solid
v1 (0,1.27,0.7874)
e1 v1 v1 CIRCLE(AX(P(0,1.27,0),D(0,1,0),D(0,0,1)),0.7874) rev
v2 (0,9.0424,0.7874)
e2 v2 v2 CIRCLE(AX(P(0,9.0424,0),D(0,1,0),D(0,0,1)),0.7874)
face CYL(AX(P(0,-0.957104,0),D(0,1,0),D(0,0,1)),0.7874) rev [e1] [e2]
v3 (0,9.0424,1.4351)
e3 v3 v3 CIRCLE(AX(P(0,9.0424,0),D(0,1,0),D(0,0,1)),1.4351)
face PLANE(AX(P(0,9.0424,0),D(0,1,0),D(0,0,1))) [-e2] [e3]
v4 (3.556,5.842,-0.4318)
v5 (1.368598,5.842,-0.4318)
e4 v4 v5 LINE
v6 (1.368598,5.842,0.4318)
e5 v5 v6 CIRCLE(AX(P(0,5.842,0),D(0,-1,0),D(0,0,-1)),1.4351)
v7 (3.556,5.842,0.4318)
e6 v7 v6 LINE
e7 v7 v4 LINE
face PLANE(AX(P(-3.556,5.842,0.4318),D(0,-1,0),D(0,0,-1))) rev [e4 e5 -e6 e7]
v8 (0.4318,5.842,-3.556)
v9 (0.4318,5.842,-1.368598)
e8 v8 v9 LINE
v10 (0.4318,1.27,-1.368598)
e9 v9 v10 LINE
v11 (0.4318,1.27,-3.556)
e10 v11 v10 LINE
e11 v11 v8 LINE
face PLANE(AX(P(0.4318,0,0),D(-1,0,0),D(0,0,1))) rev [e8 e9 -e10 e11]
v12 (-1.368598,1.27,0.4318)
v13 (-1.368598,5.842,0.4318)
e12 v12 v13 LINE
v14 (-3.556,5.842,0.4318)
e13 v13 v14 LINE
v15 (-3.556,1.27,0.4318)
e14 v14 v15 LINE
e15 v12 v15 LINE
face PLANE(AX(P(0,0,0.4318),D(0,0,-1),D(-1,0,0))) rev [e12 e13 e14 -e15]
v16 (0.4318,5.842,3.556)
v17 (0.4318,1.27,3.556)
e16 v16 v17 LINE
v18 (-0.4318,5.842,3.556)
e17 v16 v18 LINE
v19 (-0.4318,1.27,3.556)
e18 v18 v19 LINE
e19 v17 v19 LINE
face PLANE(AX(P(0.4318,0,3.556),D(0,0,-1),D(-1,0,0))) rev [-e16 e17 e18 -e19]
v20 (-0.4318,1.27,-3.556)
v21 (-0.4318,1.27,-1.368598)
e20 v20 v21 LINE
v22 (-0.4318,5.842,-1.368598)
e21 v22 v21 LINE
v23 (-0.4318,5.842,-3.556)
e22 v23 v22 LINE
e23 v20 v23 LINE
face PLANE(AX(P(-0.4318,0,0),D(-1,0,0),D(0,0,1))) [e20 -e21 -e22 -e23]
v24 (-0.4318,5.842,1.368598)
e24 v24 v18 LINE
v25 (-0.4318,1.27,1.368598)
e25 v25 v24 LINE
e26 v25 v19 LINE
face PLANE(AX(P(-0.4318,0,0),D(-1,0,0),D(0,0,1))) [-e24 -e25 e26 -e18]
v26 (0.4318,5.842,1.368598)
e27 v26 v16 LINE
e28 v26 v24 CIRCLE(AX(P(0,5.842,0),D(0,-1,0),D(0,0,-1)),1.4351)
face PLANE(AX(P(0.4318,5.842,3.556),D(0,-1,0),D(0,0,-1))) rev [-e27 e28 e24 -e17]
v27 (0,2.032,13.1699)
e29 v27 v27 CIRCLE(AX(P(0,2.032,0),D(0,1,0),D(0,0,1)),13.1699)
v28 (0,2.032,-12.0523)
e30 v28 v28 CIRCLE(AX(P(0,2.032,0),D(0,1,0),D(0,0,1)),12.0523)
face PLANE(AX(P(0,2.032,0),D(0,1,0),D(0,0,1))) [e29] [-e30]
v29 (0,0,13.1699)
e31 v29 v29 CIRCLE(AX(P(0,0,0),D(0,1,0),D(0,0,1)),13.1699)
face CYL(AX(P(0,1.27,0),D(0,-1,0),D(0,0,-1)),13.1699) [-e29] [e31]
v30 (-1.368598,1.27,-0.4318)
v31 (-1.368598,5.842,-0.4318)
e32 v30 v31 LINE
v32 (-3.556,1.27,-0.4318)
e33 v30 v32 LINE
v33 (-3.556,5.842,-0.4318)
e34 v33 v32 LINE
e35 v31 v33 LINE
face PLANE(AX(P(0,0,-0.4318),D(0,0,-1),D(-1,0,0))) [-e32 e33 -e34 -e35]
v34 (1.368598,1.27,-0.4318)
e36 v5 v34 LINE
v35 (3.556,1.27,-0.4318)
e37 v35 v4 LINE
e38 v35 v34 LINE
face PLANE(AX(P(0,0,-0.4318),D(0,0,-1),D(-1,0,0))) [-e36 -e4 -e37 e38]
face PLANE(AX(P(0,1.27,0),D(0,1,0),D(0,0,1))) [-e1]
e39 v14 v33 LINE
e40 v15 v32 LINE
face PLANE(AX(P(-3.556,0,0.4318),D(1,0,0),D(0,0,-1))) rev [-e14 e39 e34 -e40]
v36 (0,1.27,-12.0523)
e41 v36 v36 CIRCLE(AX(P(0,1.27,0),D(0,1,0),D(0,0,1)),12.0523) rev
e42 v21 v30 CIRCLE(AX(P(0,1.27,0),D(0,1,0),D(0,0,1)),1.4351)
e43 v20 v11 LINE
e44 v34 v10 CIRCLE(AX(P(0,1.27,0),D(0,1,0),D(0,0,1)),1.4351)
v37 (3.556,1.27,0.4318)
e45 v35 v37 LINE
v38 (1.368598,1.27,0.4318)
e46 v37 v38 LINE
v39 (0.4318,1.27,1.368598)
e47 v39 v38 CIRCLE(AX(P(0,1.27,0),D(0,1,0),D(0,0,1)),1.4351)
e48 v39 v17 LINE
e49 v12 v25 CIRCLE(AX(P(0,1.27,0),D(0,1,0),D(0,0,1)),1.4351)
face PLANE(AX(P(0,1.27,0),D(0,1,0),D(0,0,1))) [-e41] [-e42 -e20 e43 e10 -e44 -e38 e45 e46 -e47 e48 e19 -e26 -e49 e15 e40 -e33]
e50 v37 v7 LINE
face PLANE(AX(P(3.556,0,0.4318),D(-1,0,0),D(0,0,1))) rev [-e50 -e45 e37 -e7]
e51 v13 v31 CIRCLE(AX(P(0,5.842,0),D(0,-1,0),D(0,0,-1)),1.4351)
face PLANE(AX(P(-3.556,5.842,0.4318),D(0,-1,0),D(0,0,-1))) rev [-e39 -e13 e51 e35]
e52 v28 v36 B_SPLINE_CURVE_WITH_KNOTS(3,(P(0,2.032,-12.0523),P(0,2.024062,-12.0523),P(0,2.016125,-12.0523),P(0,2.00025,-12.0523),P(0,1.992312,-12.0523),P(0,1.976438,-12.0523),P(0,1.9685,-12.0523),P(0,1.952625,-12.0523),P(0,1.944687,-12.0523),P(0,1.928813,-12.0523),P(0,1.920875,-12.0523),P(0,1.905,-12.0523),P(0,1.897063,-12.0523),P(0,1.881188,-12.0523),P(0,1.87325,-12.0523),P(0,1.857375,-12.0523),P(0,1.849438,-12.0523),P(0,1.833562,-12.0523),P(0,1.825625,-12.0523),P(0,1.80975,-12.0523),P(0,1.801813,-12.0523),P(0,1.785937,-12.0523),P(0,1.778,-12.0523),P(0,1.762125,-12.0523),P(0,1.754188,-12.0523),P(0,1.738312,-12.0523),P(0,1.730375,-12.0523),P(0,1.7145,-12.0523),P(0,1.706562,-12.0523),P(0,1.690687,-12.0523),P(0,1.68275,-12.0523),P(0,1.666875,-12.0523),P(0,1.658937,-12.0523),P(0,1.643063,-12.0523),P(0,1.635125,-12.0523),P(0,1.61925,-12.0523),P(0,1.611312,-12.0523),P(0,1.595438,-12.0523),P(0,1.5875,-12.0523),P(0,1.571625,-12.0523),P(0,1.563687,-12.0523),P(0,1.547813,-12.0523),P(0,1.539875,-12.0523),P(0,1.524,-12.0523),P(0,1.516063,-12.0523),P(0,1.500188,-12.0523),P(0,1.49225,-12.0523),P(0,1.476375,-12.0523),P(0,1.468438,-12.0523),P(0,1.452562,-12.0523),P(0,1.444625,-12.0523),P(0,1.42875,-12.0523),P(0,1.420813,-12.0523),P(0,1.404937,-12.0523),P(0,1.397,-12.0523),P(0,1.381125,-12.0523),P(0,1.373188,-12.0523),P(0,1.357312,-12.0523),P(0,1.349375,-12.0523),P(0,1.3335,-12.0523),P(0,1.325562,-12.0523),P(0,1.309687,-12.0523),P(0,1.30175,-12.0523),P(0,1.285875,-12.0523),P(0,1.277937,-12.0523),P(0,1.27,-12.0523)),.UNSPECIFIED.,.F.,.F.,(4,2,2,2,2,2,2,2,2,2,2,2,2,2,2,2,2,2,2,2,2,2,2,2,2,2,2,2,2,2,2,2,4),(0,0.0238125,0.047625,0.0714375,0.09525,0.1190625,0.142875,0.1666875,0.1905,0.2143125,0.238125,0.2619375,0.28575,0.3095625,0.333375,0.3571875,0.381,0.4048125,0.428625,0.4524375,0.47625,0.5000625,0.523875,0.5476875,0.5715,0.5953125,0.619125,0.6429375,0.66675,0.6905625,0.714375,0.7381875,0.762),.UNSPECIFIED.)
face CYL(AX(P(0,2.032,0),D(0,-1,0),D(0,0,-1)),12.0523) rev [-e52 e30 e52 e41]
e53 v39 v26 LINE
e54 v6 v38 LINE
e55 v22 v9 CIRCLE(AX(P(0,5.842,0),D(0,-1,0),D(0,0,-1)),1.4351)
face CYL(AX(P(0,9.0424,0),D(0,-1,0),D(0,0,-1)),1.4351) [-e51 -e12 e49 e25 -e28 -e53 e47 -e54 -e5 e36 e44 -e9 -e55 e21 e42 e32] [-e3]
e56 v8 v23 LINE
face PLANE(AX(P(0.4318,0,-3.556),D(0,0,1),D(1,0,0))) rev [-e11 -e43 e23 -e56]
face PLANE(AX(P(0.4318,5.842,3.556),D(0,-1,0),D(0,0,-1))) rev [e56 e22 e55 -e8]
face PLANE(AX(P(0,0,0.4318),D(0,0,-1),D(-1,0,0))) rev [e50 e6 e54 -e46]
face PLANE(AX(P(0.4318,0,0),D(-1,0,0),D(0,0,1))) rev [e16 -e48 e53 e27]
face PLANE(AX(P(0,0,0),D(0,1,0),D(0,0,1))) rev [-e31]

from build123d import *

# Parameters (mm, degrees)
SKETCH1_R           = 13.1699
BOSS_EXTRUDE1_DEPTH = 1.27
SKETCH2_R           = 13.1699
SKETCH2_R_2         = 12.0523
BOSS_EXTRUDE2_DEPTH = 0.762
SKETCH3_R           = 1.4351
BOSS_EXTRUDE3_DEPTH = 7.7724
SKETCH6_W           = 7.112
SKETCH6_H           = 5.842
BOSS_EXTRUDE4_DEPTH = 0.4318
SKETCH7_W           = 7.112
SKETCH7_H           = 5.842
BOSS_EXTRUDE5_DEPTH = 0.4318
SKETCH4_R           = 0.7874
CUT_EXTRUDE1_DEPTH  = 7.7724


with BuildPart() as part:
    # Sketch1 → Boss-Extrude1 (new body)
    with BuildSketch(Plane(origin=(0, 0, 0), x_dir=(1, 0, 0), z_dir=(0, 1, 0))):
        with Locations(Location((0, 0, 0), (0, 0, 270))):
            Circle(SKETCH1_R)
    extrude(amount=BOSS_EXTRUDE1_DEPTH)

    # Sketch2 → Boss-Extrude2 (add)
    with BuildSketch(Plane(origin=(0, 1.27, 0), x_dir=(1, 0, 0), z_dir=(0, 1, 0))):
        with Locations(Location((0, 0, 0), (0, 0, 270))):
            Circle(SKETCH2_R)
        with Locations(Location((0, 0, 0), (0, 0, 90))):
            Circle(SKETCH2_R_2, mode=Mode.SUBTRACT)
    extrude(amount=BOSS_EXTRUDE2_DEPTH)

    # Sketch3 → Boss-Extrude3 (add)
    with BuildSketch(Plane(origin=(0, 1.27, 0), x_dir=(1, 0, 0), z_dir=(0, 1, 0))):
        with Locations(Location((0, 0, 0), (0, 0, 90))):
            Circle(SKETCH3_R)
    extrude(amount=BOSS_EXTRUDE3_DEPTH)

    # Sketch6 → Boss-Extrude4 (add, symmetric)
    with BuildSketch(Plane.XY):
        with Locations((0, 2.921)):
            Rectangle(SKETCH6_W, SKETCH6_H)
    extrude(amount=BOSS_EXTRUDE4_DEPTH, both=True)

    # Sketch7 → Boss-Extrude5 (add, symmetric)
    with BuildSketch(Plane(origin=(0, 0, 0), x_dir=(0, 0, -1), z_dir=(1, 0, 0))):
        with Locations((0, 2.921)):
            Rectangle(SKETCH7_W, SKETCH7_H)
    extrude(amount=BOSS_EXTRUDE5_DEPTH, both=True)

    # Sketch4 → Cut-Extrude1 (cut)
    with BuildSketch(Plane(origin=(0, 9.0424, 0), x_dir=(1, 0, 0), z_dir=(0, 1, 0))):
        with Locations(Location((0, 0, 0), (0, 0, 270))):
            Circle(SKETCH4_R)
    extrude(amount=-CUT_EXTRUDE1_DEPTH, mode=Mode.SUBTRACT)


solid = part.part
